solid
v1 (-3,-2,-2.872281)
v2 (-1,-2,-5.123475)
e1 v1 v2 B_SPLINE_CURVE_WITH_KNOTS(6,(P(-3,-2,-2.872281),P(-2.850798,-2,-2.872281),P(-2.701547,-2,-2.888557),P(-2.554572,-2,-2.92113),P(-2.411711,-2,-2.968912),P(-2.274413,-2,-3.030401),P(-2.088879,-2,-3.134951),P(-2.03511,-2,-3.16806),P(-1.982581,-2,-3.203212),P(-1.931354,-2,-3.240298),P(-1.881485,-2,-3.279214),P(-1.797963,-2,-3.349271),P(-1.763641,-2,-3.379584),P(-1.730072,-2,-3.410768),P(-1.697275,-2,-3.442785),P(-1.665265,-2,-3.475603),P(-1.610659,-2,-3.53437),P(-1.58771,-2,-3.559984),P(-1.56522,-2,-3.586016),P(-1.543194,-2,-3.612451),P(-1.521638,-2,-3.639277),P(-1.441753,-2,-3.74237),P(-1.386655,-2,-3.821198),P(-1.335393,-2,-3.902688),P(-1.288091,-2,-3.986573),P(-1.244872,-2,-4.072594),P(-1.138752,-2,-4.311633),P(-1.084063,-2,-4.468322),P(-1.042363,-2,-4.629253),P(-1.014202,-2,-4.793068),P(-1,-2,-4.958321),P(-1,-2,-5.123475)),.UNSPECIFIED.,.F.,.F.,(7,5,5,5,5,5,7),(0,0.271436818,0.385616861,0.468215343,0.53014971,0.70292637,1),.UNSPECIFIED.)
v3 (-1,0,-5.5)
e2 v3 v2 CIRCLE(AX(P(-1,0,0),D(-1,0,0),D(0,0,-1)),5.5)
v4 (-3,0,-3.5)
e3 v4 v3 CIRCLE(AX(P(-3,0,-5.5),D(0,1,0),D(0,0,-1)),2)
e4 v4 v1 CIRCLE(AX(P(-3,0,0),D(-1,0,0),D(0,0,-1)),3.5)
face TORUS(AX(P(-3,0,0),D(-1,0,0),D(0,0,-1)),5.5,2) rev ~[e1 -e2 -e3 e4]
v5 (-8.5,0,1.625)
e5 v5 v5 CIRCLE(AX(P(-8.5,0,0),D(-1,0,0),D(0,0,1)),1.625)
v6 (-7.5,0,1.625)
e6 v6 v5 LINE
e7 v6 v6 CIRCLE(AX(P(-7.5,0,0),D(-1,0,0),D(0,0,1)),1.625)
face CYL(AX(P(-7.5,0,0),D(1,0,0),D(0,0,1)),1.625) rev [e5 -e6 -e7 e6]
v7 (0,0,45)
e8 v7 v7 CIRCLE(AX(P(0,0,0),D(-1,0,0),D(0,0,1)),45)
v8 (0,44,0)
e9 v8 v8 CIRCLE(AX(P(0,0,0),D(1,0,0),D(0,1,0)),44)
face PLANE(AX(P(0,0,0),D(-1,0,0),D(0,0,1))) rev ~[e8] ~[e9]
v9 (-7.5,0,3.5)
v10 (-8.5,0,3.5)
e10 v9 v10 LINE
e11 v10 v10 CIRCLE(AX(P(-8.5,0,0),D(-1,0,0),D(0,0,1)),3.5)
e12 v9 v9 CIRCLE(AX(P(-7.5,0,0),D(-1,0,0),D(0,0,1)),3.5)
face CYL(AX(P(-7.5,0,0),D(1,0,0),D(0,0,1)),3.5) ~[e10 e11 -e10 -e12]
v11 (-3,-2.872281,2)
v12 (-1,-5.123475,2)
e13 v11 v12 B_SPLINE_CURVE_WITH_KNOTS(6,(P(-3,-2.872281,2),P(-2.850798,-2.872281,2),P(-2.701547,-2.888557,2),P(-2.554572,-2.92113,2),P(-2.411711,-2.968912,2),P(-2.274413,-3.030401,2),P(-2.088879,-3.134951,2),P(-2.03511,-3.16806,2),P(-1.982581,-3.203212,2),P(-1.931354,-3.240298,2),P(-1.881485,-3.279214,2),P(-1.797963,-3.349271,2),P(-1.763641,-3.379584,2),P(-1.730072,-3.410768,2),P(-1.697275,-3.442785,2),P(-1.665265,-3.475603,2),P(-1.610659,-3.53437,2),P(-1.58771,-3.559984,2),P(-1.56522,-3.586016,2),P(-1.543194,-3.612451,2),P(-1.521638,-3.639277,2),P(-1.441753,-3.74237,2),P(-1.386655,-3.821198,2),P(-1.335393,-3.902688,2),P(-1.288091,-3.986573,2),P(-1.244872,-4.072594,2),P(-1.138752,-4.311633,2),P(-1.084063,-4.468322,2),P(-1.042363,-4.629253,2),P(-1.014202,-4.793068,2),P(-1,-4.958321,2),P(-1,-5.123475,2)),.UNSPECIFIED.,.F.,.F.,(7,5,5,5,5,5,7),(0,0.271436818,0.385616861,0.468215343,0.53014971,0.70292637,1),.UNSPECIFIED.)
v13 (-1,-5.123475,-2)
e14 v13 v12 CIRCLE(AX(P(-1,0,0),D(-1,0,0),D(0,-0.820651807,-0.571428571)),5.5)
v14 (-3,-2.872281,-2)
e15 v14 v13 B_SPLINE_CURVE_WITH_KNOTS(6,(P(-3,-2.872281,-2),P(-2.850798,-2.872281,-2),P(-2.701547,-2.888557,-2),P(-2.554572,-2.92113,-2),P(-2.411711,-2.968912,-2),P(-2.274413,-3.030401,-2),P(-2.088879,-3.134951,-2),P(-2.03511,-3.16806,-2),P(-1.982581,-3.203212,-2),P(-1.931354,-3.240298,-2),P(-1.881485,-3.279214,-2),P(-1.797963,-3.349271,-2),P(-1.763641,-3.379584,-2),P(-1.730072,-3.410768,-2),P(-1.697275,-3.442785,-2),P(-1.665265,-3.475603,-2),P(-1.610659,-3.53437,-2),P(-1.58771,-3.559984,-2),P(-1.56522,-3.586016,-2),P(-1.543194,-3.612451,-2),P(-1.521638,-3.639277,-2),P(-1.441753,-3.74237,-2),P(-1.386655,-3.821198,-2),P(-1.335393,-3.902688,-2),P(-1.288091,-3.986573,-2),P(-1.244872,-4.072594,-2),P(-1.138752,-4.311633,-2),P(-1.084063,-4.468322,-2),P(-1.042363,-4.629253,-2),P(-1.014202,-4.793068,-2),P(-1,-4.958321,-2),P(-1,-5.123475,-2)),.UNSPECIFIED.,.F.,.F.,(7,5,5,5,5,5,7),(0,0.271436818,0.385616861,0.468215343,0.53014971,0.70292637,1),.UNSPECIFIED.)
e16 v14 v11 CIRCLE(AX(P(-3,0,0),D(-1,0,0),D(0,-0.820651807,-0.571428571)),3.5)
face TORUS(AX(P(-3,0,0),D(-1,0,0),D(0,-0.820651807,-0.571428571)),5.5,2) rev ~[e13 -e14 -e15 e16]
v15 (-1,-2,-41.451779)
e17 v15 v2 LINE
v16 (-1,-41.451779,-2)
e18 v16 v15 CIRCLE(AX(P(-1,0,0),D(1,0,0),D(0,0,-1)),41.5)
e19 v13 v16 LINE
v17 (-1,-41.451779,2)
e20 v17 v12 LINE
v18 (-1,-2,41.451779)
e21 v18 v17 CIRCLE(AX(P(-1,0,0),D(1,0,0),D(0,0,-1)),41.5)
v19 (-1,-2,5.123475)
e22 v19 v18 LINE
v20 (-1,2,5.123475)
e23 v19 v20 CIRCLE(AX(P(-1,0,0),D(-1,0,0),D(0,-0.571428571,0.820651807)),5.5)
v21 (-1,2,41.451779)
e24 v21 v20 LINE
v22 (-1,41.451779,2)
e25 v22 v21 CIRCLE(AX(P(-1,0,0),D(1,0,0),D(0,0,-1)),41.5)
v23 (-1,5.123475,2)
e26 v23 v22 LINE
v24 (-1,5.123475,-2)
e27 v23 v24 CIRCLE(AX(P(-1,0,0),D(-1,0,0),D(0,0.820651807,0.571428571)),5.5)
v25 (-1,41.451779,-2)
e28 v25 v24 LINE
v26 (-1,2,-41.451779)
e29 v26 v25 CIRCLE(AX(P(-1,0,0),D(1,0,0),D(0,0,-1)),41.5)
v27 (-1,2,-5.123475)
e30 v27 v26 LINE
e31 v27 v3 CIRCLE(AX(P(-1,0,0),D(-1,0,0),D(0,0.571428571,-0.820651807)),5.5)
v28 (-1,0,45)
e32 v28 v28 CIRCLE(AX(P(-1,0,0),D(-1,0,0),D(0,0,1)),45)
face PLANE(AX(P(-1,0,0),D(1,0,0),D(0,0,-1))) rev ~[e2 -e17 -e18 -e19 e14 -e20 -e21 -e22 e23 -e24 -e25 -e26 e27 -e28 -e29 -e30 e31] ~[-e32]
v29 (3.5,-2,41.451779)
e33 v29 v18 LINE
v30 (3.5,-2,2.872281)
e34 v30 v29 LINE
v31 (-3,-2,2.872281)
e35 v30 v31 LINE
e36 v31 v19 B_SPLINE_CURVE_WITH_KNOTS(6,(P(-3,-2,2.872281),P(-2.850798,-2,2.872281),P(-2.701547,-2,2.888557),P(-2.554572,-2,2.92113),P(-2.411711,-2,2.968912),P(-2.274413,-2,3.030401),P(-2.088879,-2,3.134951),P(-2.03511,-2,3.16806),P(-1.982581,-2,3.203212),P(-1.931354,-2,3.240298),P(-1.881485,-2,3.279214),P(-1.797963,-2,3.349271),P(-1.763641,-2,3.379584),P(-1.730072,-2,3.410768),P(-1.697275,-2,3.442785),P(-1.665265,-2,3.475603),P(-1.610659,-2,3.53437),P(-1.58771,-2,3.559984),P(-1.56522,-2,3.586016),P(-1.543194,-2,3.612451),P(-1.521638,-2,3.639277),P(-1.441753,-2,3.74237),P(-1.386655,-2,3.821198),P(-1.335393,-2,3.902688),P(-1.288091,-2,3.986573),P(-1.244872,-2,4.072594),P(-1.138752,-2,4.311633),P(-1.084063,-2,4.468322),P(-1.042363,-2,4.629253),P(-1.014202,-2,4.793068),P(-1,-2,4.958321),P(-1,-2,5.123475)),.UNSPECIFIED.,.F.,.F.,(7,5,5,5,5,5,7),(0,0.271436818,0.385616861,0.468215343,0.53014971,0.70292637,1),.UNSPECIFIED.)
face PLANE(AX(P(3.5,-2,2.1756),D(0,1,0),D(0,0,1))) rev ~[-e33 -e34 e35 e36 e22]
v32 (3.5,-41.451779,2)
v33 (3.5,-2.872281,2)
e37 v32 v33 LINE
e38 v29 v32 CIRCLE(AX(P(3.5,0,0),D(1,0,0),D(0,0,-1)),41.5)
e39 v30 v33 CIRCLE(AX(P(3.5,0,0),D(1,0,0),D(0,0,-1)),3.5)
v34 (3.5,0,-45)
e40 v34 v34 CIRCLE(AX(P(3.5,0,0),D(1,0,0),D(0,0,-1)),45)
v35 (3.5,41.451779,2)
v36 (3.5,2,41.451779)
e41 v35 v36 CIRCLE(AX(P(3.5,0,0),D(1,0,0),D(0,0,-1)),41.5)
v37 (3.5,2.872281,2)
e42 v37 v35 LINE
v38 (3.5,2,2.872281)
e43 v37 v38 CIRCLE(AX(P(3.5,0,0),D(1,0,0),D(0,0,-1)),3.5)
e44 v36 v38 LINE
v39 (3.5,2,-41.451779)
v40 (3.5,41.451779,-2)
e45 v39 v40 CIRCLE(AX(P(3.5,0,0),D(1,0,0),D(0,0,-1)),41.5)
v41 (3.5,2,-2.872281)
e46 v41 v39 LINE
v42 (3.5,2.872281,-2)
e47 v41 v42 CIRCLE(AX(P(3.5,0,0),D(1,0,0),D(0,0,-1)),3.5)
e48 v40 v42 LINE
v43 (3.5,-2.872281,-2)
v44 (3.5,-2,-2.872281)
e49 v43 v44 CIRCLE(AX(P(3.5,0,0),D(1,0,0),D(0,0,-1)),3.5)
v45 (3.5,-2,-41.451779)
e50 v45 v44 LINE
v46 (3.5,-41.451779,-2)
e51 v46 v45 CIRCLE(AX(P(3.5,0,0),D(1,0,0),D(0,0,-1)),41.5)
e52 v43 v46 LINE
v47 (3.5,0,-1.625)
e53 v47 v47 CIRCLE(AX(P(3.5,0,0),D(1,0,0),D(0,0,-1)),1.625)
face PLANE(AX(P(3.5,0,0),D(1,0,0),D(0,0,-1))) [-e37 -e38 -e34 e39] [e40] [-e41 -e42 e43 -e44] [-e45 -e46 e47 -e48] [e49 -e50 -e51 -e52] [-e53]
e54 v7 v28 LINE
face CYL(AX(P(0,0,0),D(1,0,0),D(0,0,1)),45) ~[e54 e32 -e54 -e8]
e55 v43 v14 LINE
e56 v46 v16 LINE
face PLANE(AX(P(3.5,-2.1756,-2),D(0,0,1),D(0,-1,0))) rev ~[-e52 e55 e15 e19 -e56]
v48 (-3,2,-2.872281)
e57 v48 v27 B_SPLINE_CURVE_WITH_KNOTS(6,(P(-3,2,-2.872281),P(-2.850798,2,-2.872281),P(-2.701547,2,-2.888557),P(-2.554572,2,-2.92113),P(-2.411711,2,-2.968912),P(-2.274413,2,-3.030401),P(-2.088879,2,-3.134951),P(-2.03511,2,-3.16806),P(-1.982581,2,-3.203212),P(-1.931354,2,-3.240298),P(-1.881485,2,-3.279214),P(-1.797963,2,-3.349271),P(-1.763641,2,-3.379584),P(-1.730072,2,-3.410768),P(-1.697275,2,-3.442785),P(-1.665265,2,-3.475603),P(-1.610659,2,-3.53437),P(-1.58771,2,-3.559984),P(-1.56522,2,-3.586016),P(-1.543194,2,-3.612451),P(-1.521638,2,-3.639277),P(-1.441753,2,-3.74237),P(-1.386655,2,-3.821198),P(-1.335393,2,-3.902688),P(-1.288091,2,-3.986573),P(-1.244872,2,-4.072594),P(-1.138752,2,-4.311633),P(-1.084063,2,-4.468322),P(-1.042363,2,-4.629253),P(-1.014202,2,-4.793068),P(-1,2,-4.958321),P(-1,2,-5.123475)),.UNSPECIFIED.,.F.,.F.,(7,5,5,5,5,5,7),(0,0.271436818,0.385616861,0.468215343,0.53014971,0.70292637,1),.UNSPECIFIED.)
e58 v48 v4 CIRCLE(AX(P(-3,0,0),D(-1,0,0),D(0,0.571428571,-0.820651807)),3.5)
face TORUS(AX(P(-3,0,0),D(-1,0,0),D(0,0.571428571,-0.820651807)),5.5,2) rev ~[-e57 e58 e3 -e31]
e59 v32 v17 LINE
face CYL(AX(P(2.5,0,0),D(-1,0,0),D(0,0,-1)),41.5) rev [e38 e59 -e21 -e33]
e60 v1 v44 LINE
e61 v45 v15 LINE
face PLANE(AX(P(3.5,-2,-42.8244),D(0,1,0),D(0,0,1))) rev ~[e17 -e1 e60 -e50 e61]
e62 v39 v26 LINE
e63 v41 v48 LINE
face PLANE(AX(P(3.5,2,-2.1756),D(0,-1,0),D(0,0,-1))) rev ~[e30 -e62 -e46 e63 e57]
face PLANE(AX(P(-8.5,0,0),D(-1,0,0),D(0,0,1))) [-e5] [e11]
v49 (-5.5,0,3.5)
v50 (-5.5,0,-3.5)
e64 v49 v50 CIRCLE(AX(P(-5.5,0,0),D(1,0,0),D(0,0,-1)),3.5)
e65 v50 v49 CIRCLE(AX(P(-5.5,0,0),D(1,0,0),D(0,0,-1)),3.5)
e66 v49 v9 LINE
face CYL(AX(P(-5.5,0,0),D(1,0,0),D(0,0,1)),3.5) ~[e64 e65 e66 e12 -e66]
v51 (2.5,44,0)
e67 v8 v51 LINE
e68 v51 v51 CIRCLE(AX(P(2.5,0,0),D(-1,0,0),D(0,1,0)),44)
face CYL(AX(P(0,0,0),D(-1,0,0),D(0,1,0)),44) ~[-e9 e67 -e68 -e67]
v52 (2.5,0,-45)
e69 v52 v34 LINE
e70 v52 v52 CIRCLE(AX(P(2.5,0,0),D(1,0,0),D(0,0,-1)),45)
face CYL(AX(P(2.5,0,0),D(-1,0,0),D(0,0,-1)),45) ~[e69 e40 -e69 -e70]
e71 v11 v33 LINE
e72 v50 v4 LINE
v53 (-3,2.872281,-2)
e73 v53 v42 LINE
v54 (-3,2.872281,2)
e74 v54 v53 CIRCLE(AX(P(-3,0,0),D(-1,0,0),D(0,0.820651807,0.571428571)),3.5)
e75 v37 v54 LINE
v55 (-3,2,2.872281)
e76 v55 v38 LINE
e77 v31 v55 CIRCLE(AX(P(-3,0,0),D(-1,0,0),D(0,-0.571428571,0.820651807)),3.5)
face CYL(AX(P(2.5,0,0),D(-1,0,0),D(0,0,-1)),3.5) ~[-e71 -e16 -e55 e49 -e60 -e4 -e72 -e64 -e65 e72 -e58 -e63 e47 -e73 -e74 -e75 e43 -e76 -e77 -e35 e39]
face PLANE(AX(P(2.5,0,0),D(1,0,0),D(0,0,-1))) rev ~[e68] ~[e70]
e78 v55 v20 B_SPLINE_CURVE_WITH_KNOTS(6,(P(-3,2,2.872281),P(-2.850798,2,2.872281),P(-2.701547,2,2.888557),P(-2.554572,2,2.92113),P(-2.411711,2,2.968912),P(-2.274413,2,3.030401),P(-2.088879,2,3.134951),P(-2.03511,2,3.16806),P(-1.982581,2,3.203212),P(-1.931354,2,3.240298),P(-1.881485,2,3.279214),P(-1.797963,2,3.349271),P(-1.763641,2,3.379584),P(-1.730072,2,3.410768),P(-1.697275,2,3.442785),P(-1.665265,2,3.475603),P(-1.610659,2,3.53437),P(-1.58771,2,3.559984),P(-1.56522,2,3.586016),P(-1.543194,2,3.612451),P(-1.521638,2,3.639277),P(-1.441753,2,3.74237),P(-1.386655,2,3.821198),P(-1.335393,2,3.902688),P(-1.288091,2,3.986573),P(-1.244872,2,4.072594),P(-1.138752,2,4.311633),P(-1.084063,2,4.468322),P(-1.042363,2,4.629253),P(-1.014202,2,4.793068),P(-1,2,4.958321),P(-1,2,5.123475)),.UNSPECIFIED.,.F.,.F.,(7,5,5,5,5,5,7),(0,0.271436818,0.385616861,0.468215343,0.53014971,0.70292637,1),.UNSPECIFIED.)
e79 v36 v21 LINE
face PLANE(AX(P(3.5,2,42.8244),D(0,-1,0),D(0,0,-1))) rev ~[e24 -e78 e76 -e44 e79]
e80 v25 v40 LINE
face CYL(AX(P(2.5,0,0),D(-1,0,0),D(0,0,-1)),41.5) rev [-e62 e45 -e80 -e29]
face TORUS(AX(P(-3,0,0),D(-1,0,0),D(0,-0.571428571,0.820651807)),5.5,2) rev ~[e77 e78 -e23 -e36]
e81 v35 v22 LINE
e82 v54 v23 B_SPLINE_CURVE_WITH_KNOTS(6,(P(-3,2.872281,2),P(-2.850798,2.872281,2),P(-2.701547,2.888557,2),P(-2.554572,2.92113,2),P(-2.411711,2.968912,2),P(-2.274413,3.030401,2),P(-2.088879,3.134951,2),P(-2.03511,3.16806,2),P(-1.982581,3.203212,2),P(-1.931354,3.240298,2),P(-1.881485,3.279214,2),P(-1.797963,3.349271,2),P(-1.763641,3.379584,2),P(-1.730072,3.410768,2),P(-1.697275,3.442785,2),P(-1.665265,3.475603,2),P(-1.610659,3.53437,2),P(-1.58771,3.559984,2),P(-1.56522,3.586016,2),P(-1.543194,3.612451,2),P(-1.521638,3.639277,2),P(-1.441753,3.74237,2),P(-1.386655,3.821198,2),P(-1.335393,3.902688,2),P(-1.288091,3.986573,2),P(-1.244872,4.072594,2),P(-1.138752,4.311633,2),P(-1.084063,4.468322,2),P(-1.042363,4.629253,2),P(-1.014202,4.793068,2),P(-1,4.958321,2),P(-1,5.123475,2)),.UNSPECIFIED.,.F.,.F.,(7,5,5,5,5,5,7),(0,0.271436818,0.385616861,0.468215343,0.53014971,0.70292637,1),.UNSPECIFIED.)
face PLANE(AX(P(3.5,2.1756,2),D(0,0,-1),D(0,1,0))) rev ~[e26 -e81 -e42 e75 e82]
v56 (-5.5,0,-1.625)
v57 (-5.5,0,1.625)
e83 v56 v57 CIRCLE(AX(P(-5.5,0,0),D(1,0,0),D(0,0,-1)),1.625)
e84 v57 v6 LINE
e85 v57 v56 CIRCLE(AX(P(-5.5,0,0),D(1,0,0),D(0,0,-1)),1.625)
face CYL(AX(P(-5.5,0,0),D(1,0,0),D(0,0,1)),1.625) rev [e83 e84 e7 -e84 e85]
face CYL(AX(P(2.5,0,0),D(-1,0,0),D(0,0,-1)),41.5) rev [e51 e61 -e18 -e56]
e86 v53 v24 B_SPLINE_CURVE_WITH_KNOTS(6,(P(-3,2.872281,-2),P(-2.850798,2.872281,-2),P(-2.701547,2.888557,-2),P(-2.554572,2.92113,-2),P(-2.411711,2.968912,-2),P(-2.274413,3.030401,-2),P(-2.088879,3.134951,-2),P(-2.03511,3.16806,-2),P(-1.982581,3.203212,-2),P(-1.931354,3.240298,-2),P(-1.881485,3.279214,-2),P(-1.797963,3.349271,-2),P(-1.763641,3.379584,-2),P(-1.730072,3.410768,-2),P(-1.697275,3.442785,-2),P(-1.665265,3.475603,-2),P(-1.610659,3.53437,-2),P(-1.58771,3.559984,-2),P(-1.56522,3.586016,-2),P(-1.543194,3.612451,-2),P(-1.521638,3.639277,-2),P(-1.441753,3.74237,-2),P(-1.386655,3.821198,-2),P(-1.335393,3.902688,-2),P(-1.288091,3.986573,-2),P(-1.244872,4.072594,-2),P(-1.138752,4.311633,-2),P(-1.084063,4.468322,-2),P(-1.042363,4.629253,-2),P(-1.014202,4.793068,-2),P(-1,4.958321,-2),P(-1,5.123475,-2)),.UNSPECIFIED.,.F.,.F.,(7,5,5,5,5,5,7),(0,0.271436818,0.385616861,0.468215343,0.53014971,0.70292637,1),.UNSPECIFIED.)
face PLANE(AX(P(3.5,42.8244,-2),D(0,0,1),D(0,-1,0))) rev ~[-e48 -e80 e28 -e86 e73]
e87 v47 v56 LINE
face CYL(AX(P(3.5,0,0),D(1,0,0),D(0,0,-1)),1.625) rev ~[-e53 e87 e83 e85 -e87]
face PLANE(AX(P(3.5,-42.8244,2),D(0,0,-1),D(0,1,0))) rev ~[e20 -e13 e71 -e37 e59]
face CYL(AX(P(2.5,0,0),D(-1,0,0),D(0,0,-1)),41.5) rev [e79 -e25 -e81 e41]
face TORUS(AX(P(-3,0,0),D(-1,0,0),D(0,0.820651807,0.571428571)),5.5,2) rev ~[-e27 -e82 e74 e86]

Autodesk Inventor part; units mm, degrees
ref_plane "YZ Plane" through (0, 0, 0) normal (1, 0, 0) x (0, 1, 0)
ref_plane "XZ Plane" through (0, 0, 0) normal (0, 1, 0) x (-1, 0, 0)
ref_plane "XY Plane" through (0, 0, 0) normal (0, 0, 1) x (1, 0, 0)
sketch "Sketch1" plane through (0, 0, 0) normal (1, 0, 0) x (0, 1, 0)
  circle A0 centre (0, 0) radius 44
  dimension "d0" = 88
extrude "Extrusion1" add sketch "Sketch1" along normal blind 3.5
sketch "Sketch2" plane through (3.5, 0, 0) normal (1, 0, 0) x (0, 0, -1)
  circle A0 centre (0, 0) radius 45
  dimension "d3" = 90
extrude "Extrusion2" add sketch "Sketch2" along normal blind 1
sketch "Sketch3" plane through (0, 0, 0) normal (-1, 0, 0) x (0, 0, 1)
  circle A0 centre (0, 0) radius 45
  dimension "d6" = 90
extrude "Extrusion3" add sketch "Sketch3" along normal blind 1
sketch "Sketch4" plane through (4.5, 0, 0) normal (1, 0, 0) x (0, 0, -1)
  circle A0 centre (0, 0) radius 41.5
  dimension "d9" = 83
extrude "Extrusion4" cut sketch "Sketch4" against normal blind 6
sketch "Sketch5" plane through (4.5, 0, 0) normal (1, 0, 0) x (0, 0, -1)
  circle A0 centre (0, 0) radius 3.5
  dimension "d12" = 7
extrude "Extrusion5" add sketch "Sketch5" against normal blind 10
sketch "Sketch6" plane through (4.5, 0, 0) normal (1, 0, 0) x (0, 0, -1)
  circle A0 centre (0, 0) radius 45
extrude "Extrusion6" cut sketch "Sketch6" against normal blind 2
sketch "Sketch7" plane through (2.5, 0, 0) normal (1, 0, 0) x (0, 0, -1)
  circle A0 centre (0, 0) radius 3.5 projected
  circle A1 centre (0, 0) radius 41.5
  circle A2 centre (0, 0) radius 45
extrude "Extrusion7" add sketch "Sketch7" along normal blind 1 contours A2
sketch "Sketch8" plane through (2.5, 0, 0) normal (1, 0, 0) x (0, 0, -1)
  circle A0 centre (0, 0) radius 3.5
extrude "Extrusion8" add sketch "Sketch8" along normal blind 1
sketch "Sketch9" plane through (3.5, 0, 0) normal (1, 0, 0) x (0, 0, -1)
  circle A0 centre (0, 0) radius 1.625
  dimension "d21" = 3.25
extrude "Extrusion9" cut sketch "Sketch9" against normal blind 10
sketch "Sketch10" plane through (3.5, 0, 0) normal (1, 0, 0) x (0, 0, -1)
  line L0 (2, 2.1756) -> (-2, 2.1756)
  line L1 (-2, 2.1756) -> (-2, 42.8244)
  line L2 (-2, 42.8244) -> (2, 42.8244)
  line L3 (2, 42.8244) -> (2, 2.1756)
  line L4 (2, 2.1756) -> (-2, 42.8244) construction
  line L5 (-2, 2.1756) -> (2, 42.8244) construction
  point P0 (0, 0)
  point P1 (0, 22.5)
  dimension "d24" = 4
extrude "Extrusion10" add sketch "Sketch10" against normal blind 4.5
pattern_circular "Circular Pattern1" count 4 over 360 about axis through (4.5, 0, 0) along (-1, 0, 0) of "Extrusion10"
fillet "Fillet1" radius 2 5 edges at (-1, 0, 3.5) (-1, -3.5, 0) (-1, 3.5, 0) (-1, -1.0481, -3.3394) (-1, 1.0481, -3.3394)
sketch "Sketch11" plane through (-5.5, 0, 0) normal (-1, 0, 0) x (0, 0, 1)
  circle A0 centre (0, 0) radius 1.625
  circle A1 centre (0, 0) radius 3.5
extrude "Extrusion11" add sketch "Sketch11" along normal blind 2
sketch "Sketch12" plane through (-7.5, 0, 0) normal (-1, 0, 0) x (0, 0, 1)
  circle A0 centre (0, 0) radius 1.625
  circle A1 centre (0, 0) radius 3.5
extrude "Extrusion12" add sketch "Sketch12" along normal blind 1
properties part number "mtv_pushingWheel_2-6"
